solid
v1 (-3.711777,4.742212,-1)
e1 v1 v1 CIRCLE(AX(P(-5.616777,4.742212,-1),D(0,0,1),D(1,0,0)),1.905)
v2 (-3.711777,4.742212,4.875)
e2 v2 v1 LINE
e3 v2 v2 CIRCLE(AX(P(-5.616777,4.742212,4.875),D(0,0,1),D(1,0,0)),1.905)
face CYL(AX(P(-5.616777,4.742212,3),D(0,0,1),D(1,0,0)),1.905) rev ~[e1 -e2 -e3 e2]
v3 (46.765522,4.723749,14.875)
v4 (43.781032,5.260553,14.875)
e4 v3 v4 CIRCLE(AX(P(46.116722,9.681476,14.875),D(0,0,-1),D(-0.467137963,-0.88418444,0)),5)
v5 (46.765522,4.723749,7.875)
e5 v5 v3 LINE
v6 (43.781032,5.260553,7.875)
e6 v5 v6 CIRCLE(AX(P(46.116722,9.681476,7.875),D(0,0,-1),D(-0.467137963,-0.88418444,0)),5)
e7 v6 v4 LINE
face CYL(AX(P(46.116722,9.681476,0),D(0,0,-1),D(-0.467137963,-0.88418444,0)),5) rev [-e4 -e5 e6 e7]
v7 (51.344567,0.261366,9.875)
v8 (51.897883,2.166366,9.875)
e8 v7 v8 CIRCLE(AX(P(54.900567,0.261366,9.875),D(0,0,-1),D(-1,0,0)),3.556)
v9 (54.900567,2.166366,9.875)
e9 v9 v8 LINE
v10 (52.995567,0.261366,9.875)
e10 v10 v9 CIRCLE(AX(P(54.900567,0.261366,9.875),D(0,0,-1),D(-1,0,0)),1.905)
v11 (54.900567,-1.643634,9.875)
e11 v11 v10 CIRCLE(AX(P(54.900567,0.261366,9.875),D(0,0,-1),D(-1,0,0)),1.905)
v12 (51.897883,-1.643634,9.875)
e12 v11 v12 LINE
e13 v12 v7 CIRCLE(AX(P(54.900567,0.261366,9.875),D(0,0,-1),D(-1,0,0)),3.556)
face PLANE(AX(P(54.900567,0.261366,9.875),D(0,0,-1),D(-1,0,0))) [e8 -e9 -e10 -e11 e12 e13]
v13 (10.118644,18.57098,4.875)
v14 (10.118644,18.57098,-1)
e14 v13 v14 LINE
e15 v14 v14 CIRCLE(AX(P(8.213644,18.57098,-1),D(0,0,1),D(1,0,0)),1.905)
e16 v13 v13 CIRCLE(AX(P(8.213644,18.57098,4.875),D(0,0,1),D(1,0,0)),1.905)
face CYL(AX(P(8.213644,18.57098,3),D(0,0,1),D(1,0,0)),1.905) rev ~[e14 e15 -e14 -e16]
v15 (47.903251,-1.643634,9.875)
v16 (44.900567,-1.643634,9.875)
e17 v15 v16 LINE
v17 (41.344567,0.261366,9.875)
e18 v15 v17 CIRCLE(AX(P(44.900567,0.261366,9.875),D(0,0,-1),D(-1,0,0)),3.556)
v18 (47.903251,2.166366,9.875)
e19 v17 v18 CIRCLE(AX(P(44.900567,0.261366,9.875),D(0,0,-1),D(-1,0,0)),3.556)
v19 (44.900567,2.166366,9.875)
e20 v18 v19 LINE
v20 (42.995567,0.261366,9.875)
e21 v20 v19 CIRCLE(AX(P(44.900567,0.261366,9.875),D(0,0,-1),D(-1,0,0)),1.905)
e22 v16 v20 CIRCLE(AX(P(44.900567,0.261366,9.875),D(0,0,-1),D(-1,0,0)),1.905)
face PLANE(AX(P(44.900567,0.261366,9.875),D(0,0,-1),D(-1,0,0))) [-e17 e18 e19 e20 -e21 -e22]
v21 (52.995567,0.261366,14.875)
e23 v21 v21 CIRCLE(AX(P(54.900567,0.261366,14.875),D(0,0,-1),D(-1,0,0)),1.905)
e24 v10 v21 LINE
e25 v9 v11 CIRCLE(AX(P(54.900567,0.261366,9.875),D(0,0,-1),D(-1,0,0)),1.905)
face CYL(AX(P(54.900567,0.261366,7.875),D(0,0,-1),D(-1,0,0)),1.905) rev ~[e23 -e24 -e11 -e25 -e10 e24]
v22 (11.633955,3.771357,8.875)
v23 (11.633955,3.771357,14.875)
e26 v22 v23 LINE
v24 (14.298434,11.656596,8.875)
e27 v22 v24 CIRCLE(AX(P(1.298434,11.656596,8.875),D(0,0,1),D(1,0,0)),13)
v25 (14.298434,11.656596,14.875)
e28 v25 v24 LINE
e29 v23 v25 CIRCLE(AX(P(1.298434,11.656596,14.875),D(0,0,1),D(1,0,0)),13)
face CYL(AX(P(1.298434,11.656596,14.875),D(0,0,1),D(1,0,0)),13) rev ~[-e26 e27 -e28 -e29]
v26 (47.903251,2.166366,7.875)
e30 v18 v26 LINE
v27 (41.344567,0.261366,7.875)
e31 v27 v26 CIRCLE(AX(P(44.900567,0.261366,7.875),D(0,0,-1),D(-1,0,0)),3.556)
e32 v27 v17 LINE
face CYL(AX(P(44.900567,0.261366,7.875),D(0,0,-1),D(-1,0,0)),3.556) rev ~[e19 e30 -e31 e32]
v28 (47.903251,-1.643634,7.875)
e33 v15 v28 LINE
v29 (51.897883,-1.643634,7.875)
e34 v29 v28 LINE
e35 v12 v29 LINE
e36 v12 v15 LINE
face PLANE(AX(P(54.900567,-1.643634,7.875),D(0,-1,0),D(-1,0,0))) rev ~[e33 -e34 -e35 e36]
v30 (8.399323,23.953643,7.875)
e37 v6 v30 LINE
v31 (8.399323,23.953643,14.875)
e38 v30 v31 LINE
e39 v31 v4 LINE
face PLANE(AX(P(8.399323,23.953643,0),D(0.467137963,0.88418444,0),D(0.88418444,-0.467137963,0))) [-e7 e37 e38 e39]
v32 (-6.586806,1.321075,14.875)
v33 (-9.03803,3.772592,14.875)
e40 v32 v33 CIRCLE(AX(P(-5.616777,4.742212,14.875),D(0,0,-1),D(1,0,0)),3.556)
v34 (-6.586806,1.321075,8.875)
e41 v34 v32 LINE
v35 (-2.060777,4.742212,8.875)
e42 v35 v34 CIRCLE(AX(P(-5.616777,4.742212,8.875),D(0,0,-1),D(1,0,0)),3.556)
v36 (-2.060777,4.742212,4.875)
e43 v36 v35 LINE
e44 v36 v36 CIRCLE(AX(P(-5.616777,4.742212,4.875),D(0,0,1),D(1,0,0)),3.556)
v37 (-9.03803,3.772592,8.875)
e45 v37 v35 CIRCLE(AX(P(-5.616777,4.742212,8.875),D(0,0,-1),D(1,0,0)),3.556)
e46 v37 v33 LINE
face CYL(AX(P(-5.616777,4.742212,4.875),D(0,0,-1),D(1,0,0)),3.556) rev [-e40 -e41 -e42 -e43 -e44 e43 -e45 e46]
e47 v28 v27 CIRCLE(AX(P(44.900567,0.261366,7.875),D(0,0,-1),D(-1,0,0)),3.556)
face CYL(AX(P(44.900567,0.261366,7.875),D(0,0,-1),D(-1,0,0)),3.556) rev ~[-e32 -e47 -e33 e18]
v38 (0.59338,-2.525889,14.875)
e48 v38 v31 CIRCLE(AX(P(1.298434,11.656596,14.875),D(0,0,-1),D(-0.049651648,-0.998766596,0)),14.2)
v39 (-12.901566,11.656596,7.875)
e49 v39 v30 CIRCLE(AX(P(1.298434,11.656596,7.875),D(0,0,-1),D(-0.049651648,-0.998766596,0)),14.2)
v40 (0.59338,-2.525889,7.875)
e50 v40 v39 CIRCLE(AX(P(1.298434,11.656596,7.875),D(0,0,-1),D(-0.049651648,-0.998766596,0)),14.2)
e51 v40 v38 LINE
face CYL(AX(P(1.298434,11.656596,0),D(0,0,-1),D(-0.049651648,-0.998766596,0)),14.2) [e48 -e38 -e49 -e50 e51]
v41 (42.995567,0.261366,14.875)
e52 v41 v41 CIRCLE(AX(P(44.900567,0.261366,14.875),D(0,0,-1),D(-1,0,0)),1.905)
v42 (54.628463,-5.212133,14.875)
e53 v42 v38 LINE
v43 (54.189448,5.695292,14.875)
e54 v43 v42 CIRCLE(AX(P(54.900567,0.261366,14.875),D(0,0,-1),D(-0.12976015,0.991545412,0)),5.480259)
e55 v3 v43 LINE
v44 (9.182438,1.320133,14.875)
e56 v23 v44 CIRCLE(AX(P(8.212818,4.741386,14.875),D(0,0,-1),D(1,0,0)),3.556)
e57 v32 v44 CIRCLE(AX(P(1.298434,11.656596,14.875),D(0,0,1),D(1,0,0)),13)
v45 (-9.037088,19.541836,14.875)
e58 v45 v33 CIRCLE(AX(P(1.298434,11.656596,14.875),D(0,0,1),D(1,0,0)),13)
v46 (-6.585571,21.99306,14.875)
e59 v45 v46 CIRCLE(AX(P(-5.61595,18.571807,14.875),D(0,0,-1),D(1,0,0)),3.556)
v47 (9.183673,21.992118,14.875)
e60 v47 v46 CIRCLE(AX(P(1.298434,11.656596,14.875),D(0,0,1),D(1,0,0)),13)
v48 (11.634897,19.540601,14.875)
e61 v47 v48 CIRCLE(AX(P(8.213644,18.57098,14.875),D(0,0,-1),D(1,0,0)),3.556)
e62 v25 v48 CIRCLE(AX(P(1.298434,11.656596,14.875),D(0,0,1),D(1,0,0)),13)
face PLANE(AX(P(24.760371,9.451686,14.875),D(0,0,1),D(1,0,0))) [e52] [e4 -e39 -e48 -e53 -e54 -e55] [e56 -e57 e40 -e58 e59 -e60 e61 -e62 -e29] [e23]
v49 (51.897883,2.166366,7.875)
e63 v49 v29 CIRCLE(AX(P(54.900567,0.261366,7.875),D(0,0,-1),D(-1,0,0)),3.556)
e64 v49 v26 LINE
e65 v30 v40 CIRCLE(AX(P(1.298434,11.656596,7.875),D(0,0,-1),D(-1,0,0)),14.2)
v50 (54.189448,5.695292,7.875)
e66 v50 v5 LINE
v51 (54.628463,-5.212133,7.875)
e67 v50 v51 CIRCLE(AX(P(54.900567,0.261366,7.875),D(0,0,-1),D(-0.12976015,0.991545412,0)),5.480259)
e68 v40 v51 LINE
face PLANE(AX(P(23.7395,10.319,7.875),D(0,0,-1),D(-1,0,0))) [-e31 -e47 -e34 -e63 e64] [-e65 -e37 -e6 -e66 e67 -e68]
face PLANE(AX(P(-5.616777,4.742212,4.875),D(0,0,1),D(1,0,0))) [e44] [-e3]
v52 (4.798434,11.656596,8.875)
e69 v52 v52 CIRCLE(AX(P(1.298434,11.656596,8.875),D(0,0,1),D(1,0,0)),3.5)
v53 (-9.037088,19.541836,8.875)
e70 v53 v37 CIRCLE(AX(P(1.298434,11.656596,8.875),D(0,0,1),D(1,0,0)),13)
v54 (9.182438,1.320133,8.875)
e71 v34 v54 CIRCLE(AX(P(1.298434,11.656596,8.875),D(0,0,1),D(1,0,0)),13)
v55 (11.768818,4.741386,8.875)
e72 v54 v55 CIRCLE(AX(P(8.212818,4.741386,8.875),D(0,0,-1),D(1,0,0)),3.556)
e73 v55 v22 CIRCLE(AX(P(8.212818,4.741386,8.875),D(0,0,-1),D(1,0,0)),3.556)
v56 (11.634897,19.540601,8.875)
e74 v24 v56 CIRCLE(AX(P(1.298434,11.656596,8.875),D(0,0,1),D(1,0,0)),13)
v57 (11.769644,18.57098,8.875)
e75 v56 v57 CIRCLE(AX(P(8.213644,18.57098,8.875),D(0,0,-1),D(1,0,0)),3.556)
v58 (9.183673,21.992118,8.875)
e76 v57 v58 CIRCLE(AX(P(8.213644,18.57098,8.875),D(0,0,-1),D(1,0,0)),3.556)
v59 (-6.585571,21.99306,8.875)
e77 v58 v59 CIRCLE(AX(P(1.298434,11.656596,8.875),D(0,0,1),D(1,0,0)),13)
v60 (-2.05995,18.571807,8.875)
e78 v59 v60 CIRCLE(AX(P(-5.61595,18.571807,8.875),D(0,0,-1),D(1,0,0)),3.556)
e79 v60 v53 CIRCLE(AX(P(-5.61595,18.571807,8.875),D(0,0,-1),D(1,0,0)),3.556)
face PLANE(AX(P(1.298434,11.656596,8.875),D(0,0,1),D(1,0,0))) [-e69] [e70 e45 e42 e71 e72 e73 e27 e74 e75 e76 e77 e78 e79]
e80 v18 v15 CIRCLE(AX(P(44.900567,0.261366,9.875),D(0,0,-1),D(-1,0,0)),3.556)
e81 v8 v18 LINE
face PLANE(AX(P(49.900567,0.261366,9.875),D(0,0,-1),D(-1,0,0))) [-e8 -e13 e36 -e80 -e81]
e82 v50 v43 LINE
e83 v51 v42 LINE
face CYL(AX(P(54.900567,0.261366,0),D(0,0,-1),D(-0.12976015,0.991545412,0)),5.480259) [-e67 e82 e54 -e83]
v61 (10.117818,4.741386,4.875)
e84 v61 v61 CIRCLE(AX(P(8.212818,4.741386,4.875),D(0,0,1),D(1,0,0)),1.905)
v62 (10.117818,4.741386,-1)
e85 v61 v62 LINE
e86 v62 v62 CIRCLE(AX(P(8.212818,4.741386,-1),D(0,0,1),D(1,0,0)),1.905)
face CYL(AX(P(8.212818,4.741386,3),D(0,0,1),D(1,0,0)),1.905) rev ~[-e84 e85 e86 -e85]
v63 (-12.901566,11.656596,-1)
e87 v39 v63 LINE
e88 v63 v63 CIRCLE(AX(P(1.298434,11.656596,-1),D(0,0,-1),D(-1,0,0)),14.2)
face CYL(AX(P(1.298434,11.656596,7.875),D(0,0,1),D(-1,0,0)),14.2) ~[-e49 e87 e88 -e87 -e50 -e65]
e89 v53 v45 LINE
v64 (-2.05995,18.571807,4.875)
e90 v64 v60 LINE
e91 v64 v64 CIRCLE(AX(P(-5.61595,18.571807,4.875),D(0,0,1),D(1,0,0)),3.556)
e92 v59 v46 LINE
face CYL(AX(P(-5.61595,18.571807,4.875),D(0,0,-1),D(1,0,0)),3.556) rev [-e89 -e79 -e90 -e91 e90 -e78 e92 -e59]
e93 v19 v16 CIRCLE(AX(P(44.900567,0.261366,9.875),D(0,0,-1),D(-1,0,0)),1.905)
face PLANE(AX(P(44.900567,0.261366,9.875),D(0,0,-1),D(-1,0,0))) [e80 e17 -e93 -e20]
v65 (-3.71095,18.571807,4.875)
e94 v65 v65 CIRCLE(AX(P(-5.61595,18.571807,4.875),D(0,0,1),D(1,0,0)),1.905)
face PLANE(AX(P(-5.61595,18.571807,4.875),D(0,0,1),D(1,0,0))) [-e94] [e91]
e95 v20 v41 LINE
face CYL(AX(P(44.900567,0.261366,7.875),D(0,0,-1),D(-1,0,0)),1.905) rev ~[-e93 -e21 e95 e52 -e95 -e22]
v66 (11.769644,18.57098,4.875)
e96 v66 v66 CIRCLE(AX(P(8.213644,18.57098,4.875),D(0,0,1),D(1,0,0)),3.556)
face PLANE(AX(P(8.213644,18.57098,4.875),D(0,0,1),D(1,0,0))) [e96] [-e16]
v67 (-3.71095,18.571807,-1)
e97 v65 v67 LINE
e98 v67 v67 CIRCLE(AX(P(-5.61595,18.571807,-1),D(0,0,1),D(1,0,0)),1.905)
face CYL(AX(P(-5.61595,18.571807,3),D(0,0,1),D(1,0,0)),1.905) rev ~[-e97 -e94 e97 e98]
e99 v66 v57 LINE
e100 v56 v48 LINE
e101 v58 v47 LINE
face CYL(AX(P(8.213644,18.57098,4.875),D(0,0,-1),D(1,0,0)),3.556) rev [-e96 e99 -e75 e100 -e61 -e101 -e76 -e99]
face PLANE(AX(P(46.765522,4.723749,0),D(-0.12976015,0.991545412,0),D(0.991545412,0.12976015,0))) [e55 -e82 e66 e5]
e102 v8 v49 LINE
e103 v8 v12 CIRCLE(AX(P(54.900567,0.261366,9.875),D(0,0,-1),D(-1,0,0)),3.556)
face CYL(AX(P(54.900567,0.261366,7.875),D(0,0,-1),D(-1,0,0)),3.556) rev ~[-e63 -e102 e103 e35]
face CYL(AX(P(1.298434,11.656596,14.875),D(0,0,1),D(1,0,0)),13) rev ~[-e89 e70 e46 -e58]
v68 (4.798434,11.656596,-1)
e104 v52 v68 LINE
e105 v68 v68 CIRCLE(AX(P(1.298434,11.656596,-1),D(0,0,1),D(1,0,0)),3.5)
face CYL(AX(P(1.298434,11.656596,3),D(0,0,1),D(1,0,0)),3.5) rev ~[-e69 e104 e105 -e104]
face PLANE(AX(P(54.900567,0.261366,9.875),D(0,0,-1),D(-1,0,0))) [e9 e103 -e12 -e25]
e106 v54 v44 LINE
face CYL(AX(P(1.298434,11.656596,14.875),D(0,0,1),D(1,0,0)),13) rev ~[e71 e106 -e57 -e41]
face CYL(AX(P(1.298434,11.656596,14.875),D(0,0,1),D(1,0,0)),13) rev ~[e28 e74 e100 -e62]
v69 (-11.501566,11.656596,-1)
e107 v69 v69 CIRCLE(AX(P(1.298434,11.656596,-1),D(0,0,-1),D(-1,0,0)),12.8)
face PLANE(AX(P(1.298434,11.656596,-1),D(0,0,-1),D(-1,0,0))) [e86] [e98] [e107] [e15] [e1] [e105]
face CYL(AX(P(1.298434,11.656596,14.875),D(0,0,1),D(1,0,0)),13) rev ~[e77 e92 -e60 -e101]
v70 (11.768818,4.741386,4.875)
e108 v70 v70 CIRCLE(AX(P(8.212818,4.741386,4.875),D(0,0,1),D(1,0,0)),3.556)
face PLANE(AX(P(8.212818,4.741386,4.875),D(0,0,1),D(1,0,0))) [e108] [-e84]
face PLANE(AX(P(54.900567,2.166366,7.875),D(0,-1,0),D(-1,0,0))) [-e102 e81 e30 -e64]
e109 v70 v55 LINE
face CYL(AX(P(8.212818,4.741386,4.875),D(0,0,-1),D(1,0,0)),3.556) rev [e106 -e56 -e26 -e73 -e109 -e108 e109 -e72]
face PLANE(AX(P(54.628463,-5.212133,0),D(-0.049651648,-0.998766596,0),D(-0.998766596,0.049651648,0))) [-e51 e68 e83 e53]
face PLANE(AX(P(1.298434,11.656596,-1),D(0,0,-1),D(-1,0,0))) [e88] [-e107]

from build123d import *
from build123d.topology import SkipClean

# Parameters (mm, degrees)
BOSS_EXTRUDE1_DEPTH                     = 15
CBORE_FOR_M6_HEX_HEAD_BOLT1_D           = 7
CBORE_FOR_M6_HEX_HEAD_BOLT1_CBORE_D     = 25.6
CBORE_FOR_M6_HEX_HEAD_BOLT1_CBORE_DEPTH = 3
SKETCH30_W                              = 87.8922038
SKETCH30_H                              = 63.386693804
CUT_EXTRUDE8_DEPTH                      = 0.125
SKETCH31_W                              = 82.344977649
SKETCH31_H                              = 39.024548637
CUT_EXTRUDE9_DEPTH                      = 0.125
SKETCH38_R                              = 1.905
CUT_EXTRUDE10_DEPTH                     = 68.319909946
SKETCH39_OUTSIDE_W                      = 91.473
SKETCH39_OUTSIDE_H                      = 49.266
SKETCH39_OUTSIDE_R                      = 12.8
CUT_EXTRUDE11_DEPTH                     = 7.75
SKETCH40_R                              = 13
CUT_EXTRUDE12_DEPTH                     = 6
BOSS_EXTRUDE2_START                     = 4
SKETCH41_R                              = 12.8
BOSS_EXTRUDE2_DEPTH                     = 4
SKETCH42_R                              = 3.5
SKETCH42_R_2                            = 1.905
CUT_EXTRUDE13_DEPTH                     = 67.748958045
SKETCH43_R                              = 14.2
SKETCH43_R_2                            = 12.8
BOSS_EXTRUDE3_DEPTH                     = 8.875
CUT_EXTRUDE14_DEPTH                     = 67.422311011
CUT_EXTRUDE14_DEPTH_BACK                = 4
SKETCH44_R                              = 3.556
SKETCH45_R                              = 1.905
CUT_EXTRUDE15_DEPTH                     = 67.2810184
SKETCH46_R                              = 3.556
CUT_EXTRUDE16_DEPTH                     = 2
SKETCH47_W                              = 10
SKETCH47_H                              = 3.81
CUT_EXTRUDE17_DEPTH                     = 2


with BuildPart() as part:
    # Sketch1 → Boss-Extrude1 (new body)
    with BuildSketch(Plane(origin=(0, 0, 0), x_dir=(-1, 0, 0), z_dir=(0, 0, -1))):
        with BuildLine():
            Line((-54.628463331, -5.212133486), (-0.593380164, -2.525889334))
            ThreePointArc((-0.593380164, -2.525889334), (12.32206912, 15.671805741), (-8.399323253, 23.953643362))
            Line((-8.399323253, 23.953643362), (-43.781031906, 5.260553383))
            ThreePointArc((-43.781031906, 5.260553383), (-45.231601083, 4.760443022), (-46.765522471, 4.723748524))
            Line((-46.765522471, 4.723748524), (-54.189447973, 5.695292216))
            ThreePointArc((-54.189447973, 5.695292216), (-60.376392814, 0.481764046), (-54.628463331, -5.212133486))
        make_face()
    extrude(amount=-BOSS_EXTRUDE1_DEPTH)

    # CBORE for M6 Hex Head Bolt1 (through all)
    with Locations(Plane(origin=(0, 0, 0), x_dir=(-1, 0, 0), z_dir=(0, 0, -1))):
        with Locations((-1.298433566, 11.656596333)):
            CounterBoreHole(CBORE_FOR_M6_HEX_HEAD_BOLT1_D / 2, CBORE_FOR_M6_HEX_HEAD_BOLT1_CBORE_D / 2, CBORE_FOR_M6_HEX_HEAD_BOLT1_CBORE_DEPTH)

    # Sketch30 → Cut-Extrude8 (cut)
    with BuildSketch(Plane.XY.offset(15)):
        with Locations((24.760370948, 9.451685766)):
            Rectangle(SKETCH30_W, SKETCH30_H)
    extrude(amount=-CUT_EXTRUDE8_DEPTH, mode=Mode.SUBTRACT)

    # Sketch31 → Cut-Extrude9 (cut)
    with BuildSketch(Plane(origin=(0, 0, 0), x_dir=(-1, 0, 0), z_dir=(0, 0, -1))):
        with Locations((-23.438477607, 10.614160855)):
            Rectangle(SKETCH31_W, SKETCH31_H)
    extrude(amount=-CUT_EXTRUDE9_DEPTH, mode=Mode.SUBTRACT)

    # Sketch38 → Cut-Extrude10 (cut, through all)
    with BuildSketch(Plane.XY.offset(14.875)):
        with Locations((-5.615950455, 18.571806714)):
            Circle(SKETCH38_R)
        with Locations((8.213643947, 18.570980353)):
            Circle(SKETCH38_R)
        with Locations((8.212817586, 4.741385951)):
            Circle(SKETCH38_R)
        with Locations((-5.616776816, 4.742212313)):
            Circle(SKETCH38_R)
    extrude(amount=-CUT_EXTRUDE10_DEPTH, mode=Mode.SUBTRACT)

    # Sketch39 outside → Cut-Extrude11 (cut)
    with BuildSketch(Plane(origin=(0, 0, 0.125), x_dir=(-1, 0, 0), z_dir=(0, 0, -1))):
        with Locations((-23.7395, 10.319)):
            Rectangle(SKETCH39_OUTSIDE_W, SKETCH39_OUTSIDE_H)
        with Locations(Location((-1.298433566, 11.656596333, 0), (0, 0, 180))):
            Circle(SKETCH39_OUTSIDE_R, mode=Mode.SUBTRACT)
    extrude(amount=-CUT_EXTRUDE11_DEPTH, mode=Mode.SUBTRACT)

    # Sketch40 → Cut-Extrude12 (cut)
    with BuildSketch(Plane.XY.offset(14.875)):
        with Locations((1.298433566, 11.656596333)):
            Circle(SKETCH40_R)
    extrude(amount=-CUT_EXTRUDE12_DEPTH, mode=Mode.SUBTRACT)

    # Sketch41 → Boss-Extrude2 (add)
    with BuildSketch(Plane(origin=(0, 0, 3), x_dir=(-1, 0, 0), z_dir=(0, 0, -1)).offset(BOSS_EXTRUDE2_START)):
        with Locations((-1.298433566, 11.656596333)):
            Circle(SKETCH41_R)
    extrude(amount=-BOSS_EXTRUDE2_DEPTH)

    # Sketch42 → Cut-Extrude13 (cut, through all)
    with BuildSketch(Plane.XY.offset(3)):
        with Locations((1.298433566, 11.656596333)):
            Circle(SKETCH42_R)
        with Locations((8.212817586, 4.741385951)):
            Circle(SKETCH42_R_2)
        with Locations((-5.616776816, 4.742212313)):
            Circle(SKETCH42_R_2)
        with Locations((-5.615950455, 18.571806714)):
            Circle(SKETCH42_R_2)
        with Locations((8.213643947, 18.570980353)):
            Circle(SKETCH42_R_2)
    extrude(amount=-CUT_EXTRUDE13_DEPTH, mode=Mode.SUBTRACT)

    # Sketch43 → Boss-Extrude3 (add, through all)
    with SkipClean():  # the faces are left unmerged after this step: merging them gives an invalid solid
        with BuildSketch(Plane(origin=(0, 0, 7.875), x_dir=(-1, 0, 0), z_dir=(0, 0, -1))):
            with Locations((-1.298433566, 11.656596333)):
                Circle(SKETCH43_R)
            with Locations((-1.298433566, 11.656596333)):
                Circle(SKETCH43_R_2, mode=Mode.SUBTRACT)
        extrude(amount=BOSS_EXTRUDE3_DEPTH)

    # Sketch44 → Cut-Extrude14 (cut, two sides: drawn at the far end of the back side and taken through both)
    with SkipClean():  # the faces are left unmerged after this step: merging them gives an invalid solid
        with BuildSketch(Plane.XY.offset(8.875).offset(-CUT_EXTRUDE14_DEPTH_BACK)):
            with Locations((8.213643947, 18.570980353)):
                Circle(SKETCH44_R)
            with Locations((-5.615950455, 18.571806714)):
                Circle(SKETCH44_R)
            with Locations((-5.616776816, 4.742212313)):
                Circle(SKETCH44_R)
            with Locations((8.212817586, 4.741385951)):
                Circle(SKETCH44_R)
        extrude(amount=CUT_EXTRUDE14_DEPTH + CUT_EXTRUDE14_DEPTH_BACK, mode=Mode.SUBTRACT)

    # Sketch45 → Cut-Extrude15 (cut, through all)
    with SkipClean():  # the faces are left unmerged after this step: merging them gives an invalid solid
        with BuildSketch(Plane(origin=(0, 0, 7.875), x_dir=(-1, 0, 0), z_dir=(0, 0, -1))):
            with Locations((-54.900567232, 0.261366347)):
                Circle(SKETCH45_R)
            with Locations((-44.900567232, 0.261366347)):
                Circle(SKETCH45_R)
        extrude(amount=-CUT_EXTRUDE15_DEPTH, mode=Mode.SUBTRACT)

    # Sketch46 → Cut-Extrude16 (cut)
    with SkipClean():  # the faces are left unmerged after this step: merging them gives an invalid solid
        with BuildSketch(Plane(origin=(0, 0, 7.875), x_dir=(-1, 0, 0), z_dir=(0, 0, -1))):
            with Locations((-54.900567232, 0.261366347)):
                Circle(SKETCH46_R)
            with Locations((-44.900567232, 0.261366347)):
                Circle(SKETCH46_R)
        extrude(amount=-CUT_EXTRUDE16_DEPTH, mode=Mode.SUBTRACT)

    # Sketch47 → Cut-Extrude17 (cut)
    with SkipClean():  # the faces are left unmerged after this step: merging them gives an invalid solid
        with BuildSketch(Plane(origin=(0, 0, 7.875), x_dir=(-1, 0, 0), z_dir=(0, 0, -1))):
            with Locations((-49.900567232, 0.261366347)):
                Rectangle(SKETCH47_W, SKETCH47_H)
        extrude(amount=-CUT_EXTRUDE17_DEPTH, mode=Mode.SUBTRACT)


solid = part.part
